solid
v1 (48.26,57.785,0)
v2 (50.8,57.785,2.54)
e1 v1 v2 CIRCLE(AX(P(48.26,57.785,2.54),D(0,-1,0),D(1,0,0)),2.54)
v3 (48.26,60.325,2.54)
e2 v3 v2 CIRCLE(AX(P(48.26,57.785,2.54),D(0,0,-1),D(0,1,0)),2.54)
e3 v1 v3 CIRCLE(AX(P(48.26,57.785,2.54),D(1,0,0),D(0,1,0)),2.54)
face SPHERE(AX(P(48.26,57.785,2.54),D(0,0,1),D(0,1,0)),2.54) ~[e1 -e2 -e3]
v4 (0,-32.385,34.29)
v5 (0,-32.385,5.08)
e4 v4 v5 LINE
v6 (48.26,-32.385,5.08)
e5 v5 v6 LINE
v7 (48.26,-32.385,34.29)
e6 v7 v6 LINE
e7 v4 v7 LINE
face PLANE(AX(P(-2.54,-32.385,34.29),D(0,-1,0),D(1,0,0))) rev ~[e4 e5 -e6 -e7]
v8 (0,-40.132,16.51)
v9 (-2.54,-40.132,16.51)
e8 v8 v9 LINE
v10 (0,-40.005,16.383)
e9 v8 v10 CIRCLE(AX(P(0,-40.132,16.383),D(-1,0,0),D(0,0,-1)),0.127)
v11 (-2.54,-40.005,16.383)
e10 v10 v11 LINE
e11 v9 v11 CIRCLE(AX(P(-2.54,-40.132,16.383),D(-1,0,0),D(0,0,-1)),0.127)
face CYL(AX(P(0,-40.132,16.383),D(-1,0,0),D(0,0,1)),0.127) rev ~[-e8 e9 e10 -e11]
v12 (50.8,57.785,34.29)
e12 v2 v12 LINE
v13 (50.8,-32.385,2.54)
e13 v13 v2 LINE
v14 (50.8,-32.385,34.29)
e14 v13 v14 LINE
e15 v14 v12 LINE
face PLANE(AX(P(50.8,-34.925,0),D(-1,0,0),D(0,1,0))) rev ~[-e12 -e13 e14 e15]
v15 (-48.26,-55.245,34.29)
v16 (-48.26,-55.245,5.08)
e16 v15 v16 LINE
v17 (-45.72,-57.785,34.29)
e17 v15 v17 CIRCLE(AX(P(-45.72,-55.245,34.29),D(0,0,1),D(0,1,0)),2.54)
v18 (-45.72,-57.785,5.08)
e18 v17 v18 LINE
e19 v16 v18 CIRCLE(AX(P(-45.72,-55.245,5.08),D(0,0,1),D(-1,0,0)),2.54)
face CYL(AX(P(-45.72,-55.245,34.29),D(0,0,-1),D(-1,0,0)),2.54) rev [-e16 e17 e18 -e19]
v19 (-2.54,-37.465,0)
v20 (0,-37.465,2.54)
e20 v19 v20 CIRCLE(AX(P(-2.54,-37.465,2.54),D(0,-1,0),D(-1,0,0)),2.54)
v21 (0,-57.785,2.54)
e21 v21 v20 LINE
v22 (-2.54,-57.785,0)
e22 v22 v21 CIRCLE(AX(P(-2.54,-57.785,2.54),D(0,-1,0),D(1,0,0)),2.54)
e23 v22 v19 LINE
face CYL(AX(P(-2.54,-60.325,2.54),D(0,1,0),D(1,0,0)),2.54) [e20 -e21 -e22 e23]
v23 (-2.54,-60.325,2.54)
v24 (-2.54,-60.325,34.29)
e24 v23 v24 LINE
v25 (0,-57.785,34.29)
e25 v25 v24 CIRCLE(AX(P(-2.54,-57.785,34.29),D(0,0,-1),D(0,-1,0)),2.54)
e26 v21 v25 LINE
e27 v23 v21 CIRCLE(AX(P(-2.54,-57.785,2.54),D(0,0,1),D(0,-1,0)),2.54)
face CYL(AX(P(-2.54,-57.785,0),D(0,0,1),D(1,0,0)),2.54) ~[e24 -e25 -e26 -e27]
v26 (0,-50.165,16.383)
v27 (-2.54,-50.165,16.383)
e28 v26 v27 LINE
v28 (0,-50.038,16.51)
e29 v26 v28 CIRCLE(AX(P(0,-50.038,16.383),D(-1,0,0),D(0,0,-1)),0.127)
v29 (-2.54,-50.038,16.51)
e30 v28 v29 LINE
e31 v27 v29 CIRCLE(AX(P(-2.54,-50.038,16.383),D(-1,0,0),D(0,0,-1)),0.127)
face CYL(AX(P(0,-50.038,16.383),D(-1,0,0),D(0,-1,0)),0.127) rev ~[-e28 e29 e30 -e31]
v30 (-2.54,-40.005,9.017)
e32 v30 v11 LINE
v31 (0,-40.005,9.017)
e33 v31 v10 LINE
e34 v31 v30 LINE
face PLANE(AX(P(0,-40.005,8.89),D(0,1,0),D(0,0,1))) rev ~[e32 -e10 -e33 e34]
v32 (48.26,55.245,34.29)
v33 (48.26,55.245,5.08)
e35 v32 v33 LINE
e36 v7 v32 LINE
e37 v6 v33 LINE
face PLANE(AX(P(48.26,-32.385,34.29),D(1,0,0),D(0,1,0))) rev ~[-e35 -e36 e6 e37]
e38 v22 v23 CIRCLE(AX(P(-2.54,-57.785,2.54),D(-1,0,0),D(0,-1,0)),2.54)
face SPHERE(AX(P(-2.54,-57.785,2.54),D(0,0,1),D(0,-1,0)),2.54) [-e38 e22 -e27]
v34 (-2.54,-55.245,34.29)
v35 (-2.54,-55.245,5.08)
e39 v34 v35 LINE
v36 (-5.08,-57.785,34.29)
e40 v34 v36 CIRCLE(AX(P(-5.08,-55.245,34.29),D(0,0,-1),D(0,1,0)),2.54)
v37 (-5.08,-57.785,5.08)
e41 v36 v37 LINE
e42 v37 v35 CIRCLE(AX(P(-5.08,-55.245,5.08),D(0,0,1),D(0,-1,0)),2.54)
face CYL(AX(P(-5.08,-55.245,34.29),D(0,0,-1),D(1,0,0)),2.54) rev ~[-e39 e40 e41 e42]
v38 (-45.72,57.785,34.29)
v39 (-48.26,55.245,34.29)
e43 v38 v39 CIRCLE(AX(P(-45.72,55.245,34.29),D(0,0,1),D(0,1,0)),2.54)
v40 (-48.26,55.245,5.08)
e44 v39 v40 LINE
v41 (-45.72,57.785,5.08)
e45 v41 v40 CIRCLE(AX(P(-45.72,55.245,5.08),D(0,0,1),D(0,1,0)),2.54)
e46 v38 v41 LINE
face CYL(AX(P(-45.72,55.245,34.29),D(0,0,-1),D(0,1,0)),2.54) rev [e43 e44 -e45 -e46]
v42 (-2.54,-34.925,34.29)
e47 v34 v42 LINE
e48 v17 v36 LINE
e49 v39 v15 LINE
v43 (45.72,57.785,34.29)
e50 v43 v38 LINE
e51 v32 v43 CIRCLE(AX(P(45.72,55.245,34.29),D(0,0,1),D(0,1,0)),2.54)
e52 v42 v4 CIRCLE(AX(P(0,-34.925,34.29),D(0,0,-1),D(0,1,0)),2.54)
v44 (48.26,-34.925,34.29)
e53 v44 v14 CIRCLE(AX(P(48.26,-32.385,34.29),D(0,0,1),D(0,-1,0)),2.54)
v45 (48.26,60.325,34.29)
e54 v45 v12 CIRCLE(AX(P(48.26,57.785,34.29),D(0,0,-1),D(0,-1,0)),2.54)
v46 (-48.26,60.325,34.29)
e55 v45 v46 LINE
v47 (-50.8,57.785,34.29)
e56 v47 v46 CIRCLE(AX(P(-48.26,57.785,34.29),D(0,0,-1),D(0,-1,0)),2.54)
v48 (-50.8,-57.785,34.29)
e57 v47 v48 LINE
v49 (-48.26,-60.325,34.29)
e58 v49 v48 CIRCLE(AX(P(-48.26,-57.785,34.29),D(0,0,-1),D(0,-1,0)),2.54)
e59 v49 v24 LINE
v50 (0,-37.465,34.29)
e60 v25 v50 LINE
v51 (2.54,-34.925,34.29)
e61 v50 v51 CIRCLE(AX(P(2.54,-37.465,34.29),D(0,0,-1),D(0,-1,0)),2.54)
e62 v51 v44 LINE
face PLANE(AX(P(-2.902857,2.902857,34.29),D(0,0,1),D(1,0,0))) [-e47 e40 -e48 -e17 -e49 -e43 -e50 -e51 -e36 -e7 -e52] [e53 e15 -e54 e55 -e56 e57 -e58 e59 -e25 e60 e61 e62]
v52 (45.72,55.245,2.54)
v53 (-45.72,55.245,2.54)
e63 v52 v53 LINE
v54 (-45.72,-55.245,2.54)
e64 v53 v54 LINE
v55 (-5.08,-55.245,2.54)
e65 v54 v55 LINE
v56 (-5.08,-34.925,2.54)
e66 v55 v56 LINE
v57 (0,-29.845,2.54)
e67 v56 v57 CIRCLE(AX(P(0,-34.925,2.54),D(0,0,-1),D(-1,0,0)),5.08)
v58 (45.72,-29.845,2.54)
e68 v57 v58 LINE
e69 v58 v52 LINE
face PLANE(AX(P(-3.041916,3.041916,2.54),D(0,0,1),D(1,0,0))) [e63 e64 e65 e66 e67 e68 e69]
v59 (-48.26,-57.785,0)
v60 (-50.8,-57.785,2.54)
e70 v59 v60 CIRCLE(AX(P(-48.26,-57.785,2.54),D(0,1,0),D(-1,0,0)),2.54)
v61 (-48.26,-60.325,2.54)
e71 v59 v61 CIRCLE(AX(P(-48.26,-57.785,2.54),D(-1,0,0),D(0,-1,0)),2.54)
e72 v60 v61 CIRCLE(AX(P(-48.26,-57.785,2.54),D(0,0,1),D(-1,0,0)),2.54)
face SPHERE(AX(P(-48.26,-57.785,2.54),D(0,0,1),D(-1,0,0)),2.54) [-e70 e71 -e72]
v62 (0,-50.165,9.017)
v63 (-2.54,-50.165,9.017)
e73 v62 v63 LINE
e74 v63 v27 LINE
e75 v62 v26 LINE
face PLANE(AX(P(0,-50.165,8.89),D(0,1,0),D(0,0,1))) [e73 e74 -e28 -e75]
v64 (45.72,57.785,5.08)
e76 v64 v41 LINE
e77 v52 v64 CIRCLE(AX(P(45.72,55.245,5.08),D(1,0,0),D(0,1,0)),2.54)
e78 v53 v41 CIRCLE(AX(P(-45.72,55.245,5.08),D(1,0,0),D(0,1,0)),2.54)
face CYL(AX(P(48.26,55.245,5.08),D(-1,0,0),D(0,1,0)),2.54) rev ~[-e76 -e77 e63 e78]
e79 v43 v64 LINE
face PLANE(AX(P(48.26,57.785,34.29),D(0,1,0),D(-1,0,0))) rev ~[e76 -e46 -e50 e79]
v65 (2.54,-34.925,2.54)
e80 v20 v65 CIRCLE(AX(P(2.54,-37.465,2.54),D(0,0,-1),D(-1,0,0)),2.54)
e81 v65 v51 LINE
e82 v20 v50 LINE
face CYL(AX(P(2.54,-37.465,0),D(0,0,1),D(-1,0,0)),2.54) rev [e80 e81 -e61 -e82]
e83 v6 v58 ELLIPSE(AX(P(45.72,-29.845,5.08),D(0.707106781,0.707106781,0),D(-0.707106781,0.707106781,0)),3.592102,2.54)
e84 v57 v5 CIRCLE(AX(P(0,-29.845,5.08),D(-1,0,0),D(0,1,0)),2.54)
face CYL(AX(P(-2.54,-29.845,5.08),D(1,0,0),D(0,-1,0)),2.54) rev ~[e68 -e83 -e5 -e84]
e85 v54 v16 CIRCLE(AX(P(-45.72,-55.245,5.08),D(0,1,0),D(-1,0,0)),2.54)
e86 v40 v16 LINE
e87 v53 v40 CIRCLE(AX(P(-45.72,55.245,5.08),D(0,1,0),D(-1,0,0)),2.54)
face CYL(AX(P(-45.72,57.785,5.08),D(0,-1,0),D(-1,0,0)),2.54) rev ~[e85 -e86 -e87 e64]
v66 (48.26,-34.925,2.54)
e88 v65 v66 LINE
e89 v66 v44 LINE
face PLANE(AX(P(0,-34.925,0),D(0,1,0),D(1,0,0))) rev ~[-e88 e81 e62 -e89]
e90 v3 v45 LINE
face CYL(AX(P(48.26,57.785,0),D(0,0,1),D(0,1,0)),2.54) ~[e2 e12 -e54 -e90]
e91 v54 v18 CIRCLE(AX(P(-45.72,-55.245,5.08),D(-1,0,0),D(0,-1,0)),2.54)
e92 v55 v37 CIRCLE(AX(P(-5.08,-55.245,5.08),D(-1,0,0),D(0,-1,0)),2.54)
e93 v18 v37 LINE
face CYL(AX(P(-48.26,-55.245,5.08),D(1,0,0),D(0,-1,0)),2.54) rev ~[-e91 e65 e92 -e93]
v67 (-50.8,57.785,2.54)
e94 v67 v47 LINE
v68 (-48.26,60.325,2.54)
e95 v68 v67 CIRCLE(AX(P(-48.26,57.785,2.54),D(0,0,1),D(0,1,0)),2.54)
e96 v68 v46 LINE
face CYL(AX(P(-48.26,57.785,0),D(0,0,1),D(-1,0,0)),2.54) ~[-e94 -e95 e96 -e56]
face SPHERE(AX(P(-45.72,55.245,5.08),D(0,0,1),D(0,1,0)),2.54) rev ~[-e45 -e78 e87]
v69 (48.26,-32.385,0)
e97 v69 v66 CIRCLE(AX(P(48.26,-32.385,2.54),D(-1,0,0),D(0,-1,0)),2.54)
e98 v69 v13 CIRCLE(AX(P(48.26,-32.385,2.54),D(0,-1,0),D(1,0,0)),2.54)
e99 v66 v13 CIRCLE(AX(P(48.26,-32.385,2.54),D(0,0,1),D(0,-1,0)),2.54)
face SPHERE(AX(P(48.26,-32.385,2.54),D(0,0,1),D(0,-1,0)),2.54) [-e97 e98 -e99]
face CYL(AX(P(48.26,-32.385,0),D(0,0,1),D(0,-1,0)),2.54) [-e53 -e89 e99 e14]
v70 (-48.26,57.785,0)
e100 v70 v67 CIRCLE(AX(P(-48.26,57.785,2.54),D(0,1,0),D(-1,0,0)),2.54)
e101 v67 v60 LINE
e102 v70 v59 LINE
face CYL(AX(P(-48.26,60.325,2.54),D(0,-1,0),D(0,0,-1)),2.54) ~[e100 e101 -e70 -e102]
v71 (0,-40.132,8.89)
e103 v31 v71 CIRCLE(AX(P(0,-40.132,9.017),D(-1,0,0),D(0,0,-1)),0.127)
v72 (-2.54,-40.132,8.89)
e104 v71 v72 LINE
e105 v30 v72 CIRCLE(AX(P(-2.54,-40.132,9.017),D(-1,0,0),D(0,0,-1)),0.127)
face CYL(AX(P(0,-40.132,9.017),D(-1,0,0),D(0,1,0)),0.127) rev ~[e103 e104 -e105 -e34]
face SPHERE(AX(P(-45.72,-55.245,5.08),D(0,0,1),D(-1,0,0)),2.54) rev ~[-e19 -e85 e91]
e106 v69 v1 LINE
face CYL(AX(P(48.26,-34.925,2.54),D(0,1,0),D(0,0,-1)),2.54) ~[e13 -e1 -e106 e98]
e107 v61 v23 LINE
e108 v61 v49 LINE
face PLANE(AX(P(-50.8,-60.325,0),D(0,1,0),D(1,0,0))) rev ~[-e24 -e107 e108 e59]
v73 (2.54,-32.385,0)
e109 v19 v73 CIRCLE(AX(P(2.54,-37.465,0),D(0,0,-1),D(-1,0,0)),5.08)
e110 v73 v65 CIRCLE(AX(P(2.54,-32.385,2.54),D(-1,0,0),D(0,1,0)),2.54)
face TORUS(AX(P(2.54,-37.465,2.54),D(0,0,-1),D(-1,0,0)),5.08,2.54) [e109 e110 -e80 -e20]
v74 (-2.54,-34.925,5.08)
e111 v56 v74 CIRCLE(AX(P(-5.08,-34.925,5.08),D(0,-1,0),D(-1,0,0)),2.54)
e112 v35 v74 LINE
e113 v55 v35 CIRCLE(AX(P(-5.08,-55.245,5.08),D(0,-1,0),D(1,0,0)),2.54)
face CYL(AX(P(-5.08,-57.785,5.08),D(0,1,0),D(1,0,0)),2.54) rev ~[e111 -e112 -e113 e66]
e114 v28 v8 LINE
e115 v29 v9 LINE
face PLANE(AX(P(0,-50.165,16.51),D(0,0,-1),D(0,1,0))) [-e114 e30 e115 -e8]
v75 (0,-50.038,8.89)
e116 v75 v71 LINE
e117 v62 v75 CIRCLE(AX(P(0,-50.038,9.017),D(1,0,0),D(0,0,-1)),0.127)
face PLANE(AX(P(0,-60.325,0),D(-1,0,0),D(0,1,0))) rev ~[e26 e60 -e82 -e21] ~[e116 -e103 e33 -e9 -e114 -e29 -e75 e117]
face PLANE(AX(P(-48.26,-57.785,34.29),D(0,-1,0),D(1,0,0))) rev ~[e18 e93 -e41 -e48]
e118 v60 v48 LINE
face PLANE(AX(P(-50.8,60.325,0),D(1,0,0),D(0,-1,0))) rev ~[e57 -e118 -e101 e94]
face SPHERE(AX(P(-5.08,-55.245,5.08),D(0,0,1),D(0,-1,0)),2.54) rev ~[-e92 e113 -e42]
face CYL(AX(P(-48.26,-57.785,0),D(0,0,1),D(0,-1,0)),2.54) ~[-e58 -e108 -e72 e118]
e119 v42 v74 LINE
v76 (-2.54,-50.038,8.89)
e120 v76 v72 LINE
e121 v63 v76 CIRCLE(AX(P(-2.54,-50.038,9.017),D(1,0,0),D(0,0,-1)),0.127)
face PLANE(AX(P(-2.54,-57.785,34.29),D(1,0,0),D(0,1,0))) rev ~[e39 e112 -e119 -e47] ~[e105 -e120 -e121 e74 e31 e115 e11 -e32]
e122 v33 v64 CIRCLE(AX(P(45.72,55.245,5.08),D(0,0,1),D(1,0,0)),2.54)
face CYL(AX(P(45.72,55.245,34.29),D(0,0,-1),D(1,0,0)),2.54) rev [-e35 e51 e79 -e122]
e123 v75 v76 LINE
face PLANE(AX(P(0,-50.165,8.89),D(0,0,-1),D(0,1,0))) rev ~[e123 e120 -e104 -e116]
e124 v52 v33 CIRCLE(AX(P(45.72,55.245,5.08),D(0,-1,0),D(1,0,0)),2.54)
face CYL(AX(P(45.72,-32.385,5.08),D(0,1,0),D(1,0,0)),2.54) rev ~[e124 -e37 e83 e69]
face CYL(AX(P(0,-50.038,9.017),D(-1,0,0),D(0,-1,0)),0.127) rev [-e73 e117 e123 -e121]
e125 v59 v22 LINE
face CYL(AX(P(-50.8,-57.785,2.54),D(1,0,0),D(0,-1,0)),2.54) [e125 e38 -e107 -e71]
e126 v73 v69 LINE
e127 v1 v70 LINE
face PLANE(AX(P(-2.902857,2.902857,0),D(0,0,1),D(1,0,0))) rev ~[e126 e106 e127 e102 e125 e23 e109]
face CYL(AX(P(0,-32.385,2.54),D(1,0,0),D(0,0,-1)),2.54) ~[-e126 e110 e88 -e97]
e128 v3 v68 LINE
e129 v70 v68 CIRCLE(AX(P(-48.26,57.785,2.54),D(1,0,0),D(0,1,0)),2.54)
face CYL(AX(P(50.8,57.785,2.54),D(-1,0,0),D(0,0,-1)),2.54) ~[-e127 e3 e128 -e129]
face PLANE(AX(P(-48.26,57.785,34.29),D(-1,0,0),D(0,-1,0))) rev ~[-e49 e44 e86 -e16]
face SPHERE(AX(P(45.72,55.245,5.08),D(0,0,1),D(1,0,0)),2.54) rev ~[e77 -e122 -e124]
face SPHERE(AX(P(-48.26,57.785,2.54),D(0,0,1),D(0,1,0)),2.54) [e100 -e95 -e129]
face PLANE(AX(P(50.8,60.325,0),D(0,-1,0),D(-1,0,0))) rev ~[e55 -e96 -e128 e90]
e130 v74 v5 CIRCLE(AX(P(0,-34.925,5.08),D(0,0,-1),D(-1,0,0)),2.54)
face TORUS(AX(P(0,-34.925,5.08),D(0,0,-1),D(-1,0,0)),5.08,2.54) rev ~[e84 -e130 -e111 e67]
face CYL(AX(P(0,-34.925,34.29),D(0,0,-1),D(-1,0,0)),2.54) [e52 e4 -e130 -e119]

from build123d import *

# Parameters (mm, degrees)
F1_DEPTH = 34.29
F3_DEPTH = 31.75
F4_W     = 10.16
F4_H     = 7.62
F5_DEPTH = 2.54
F6_R     = 0.127
F7_R     = 2.54


with BuildPart() as f1:
    # F0 (on Top) → F1 (new body)
    with BuildSketch(Plane.XY):
        Polygon((50.8, 60.325), (-50.8, 60.325), (-50.8, -60.325), (0, -60.325), (0, -34.925), (50.8, -34.925), align=None)
    extrude(amount=F1_DEPTH)

    # F2 (on face) → F3 (cut)
    with BuildSketch(Plane.XY.offset(34.29)):
        Polygon((48.26, -32.385), (48.26, 57.785), (-48.26, 57.785), (-48.26, -57.785), (-2.54, -57.785), (-2.54, -32.385), align=None)
    extrude(amount=-F3_DEPTH, mode=Mode.SUBTRACT)

    # F4 (on face) → F5 (cut, through all)
    with BuildSketch(Plane.YZ):
        with Locations((-45.085, 12.7)):
            Rectangle(F4_W, F4_H)
    extrude(amount=-F5_DEPTH, mode=Mode.SUBTRACT)

    # F6
    f6_edges = [f1.edges().sort_by_distance(p)[0] for p in [
        (-1.27, -50.165, 16.51),
        (-1.27, -40.005, 16.51),
        (-1.27, -40.005, 8.89),
        (-1.27, -50.165, 8.89),
    ]]
    fillet(f6_edges, radius=F6_R)

    # F7
    f7_edges = [f1.edges().sort_by_distance(p)[0] for p in [
        (50.8, -34.925, 17.145),
        (0, -34.925, 17.145),
        (0, -60.325, 17.145),
        (-2.54, -32.385, 18.415),
        (-50.8, -60.325, 17.145),
        (-2.54, -57.785, 18.415),
        (-48.26, -57.785, 18.415),
        (50.8, 60.325, 17.145),
        (48.26, 57.785, 18.415),
        (-48.26, 57.785, 18.415),
        (-50.8, 60.325, 17.145),
        (0, 60.325, 0),
        (-50.8, 0, 0),
        (-25.4, -60.325, 0),
        (0, -47.625, 0),
        (25.4, -34.925, 0),
        (50.8, 12.7, 0),
        (48.26, 12.7, 2.54),
        (0, 57.785, 2.54),
        (-48.26, 0, 2.54),
        (-25.4, -57.785, 2.54),
        (-2.54, -45.085, 2.54),
        (22.86, -32.385, 2.54),
    ]]
    fillet(f7_edges, radius=F7_R)


solid = f1.part
